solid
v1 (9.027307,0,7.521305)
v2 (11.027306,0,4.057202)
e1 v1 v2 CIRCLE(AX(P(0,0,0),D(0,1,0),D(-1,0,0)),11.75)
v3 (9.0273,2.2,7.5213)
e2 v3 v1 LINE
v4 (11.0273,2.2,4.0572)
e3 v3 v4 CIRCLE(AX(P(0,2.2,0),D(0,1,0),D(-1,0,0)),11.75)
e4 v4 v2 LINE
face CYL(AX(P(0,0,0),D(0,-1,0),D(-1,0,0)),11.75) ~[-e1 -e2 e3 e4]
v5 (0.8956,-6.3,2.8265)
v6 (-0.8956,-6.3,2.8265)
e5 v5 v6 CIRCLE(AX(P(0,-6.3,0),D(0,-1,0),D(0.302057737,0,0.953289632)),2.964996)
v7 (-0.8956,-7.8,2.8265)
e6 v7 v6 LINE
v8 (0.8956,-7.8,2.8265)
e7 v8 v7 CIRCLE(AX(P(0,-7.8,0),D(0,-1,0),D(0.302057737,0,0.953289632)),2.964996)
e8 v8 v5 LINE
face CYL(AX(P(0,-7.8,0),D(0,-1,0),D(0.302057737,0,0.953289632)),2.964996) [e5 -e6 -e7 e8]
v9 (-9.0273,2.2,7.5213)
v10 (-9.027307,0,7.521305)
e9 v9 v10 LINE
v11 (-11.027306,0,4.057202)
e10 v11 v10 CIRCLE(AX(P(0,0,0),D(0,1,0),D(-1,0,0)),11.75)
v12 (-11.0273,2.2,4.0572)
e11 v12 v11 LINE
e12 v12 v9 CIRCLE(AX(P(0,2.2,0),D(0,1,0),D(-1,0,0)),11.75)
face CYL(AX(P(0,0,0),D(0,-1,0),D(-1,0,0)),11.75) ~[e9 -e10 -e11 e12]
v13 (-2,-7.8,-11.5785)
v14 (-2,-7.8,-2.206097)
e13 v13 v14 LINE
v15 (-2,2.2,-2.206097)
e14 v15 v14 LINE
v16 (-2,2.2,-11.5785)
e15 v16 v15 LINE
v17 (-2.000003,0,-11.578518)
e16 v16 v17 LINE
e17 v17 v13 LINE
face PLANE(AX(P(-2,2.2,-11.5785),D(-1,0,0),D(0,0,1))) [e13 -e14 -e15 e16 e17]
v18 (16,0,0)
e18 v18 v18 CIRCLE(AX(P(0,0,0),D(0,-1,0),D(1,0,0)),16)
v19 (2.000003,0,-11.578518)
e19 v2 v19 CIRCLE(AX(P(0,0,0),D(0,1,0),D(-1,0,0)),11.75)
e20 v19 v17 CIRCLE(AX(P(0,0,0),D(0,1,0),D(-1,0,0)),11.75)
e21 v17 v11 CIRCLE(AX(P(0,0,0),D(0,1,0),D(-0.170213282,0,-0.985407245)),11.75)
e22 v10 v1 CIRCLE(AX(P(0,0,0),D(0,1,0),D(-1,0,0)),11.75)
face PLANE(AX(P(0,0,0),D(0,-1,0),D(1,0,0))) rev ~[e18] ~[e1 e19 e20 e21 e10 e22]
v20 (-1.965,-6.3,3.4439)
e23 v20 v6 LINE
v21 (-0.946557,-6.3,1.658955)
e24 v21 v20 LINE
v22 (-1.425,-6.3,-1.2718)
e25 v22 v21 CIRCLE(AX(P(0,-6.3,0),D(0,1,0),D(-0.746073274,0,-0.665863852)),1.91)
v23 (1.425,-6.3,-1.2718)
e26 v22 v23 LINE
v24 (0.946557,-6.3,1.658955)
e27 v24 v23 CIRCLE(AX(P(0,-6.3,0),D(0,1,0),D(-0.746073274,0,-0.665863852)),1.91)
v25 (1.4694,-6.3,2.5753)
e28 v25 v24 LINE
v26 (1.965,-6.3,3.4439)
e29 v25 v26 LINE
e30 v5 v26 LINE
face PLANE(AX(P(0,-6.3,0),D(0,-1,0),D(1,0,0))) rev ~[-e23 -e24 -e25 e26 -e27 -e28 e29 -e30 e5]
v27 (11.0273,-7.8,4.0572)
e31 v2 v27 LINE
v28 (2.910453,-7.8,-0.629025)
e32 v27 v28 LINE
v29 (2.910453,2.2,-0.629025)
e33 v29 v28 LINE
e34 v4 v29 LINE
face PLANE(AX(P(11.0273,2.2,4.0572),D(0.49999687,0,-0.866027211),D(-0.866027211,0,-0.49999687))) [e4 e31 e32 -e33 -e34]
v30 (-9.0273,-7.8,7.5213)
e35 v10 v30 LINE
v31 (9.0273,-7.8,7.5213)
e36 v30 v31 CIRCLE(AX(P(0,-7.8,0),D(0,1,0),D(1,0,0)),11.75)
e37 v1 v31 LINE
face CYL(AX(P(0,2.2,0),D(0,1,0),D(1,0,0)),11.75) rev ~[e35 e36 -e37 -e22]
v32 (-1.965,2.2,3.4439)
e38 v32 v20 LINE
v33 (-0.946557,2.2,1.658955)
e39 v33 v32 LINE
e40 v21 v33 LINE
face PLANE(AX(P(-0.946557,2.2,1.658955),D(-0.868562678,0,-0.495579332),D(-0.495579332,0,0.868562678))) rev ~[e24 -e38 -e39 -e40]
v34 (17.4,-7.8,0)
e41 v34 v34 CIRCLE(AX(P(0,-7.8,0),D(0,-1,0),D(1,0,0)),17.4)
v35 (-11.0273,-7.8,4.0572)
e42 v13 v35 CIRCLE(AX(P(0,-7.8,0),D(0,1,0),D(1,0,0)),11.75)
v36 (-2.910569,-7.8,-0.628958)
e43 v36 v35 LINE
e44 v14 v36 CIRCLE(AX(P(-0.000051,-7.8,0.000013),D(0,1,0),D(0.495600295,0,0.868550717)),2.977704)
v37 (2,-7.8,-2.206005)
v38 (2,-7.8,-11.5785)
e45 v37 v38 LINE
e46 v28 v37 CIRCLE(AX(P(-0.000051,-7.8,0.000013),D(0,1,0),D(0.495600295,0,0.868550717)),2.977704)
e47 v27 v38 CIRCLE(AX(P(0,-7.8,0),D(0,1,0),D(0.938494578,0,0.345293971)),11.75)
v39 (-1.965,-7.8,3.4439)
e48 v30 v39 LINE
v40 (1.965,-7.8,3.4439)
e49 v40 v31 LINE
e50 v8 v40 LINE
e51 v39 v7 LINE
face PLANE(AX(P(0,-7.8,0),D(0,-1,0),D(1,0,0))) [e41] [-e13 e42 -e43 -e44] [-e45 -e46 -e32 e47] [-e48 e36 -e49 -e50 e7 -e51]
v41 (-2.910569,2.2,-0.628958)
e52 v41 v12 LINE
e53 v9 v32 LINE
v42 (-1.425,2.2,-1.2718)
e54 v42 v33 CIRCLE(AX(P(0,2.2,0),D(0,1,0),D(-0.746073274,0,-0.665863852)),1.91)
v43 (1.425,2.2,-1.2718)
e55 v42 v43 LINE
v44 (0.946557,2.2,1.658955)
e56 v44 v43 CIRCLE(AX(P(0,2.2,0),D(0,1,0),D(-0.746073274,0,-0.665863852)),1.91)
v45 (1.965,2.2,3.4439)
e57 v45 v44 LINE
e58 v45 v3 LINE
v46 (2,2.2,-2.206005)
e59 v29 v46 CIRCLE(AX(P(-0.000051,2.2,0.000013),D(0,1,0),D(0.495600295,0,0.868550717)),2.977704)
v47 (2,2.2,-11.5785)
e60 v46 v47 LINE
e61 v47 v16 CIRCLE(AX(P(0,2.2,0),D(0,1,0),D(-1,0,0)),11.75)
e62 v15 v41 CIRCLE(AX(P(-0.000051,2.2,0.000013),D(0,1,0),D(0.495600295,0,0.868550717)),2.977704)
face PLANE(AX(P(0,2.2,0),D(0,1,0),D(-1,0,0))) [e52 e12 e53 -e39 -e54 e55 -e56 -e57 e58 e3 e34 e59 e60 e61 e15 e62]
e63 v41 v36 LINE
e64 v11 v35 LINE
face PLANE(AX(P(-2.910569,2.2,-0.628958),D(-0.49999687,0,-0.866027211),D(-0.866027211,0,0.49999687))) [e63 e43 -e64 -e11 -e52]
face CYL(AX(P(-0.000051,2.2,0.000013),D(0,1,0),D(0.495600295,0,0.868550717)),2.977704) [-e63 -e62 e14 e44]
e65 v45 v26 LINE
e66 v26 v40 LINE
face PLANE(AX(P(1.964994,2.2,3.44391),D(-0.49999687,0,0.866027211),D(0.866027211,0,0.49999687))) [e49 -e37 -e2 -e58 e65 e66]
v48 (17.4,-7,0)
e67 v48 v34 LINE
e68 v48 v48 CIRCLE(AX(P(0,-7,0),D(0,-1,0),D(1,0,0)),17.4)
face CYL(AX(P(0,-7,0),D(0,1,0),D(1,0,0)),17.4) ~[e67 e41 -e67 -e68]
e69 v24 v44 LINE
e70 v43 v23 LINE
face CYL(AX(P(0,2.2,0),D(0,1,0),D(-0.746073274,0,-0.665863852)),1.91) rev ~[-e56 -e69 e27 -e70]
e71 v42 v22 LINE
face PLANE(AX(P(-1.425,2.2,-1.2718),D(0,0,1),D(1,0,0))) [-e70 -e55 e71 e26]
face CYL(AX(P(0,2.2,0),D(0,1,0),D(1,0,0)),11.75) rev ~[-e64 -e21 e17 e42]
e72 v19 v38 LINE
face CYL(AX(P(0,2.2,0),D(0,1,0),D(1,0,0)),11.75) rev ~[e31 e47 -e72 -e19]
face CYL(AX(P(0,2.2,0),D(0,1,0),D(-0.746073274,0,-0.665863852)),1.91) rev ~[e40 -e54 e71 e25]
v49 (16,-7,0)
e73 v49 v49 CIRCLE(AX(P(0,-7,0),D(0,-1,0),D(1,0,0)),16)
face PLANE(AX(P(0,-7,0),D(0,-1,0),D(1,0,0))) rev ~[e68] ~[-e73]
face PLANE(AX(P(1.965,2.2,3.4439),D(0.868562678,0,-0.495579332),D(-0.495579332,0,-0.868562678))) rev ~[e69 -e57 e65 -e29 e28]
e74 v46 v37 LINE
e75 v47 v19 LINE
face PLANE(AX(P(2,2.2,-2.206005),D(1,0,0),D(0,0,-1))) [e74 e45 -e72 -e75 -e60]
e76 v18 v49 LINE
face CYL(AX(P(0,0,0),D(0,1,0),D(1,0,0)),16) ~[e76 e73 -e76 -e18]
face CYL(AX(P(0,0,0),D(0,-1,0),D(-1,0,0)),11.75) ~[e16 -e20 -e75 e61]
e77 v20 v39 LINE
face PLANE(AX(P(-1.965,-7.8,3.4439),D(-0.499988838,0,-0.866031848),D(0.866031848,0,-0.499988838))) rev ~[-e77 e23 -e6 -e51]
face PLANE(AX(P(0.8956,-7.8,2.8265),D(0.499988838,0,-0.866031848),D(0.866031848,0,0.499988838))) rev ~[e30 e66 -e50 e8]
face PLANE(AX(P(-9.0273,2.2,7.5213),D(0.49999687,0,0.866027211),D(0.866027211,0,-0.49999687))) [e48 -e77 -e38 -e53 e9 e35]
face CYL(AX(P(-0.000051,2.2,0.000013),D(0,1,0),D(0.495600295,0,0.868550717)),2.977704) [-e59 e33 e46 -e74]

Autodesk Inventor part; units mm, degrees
ref_plane "YZ Plane" through (0, 0, 0) normal (1, 0, 0) x (0, 1, 0)
ref_plane "XZ Plane" through (0, 0, 0) normal (0, 1, 0) x (-1, 0, 0)
ref_plane "XY Plane" through (0, 0, 0) normal (0, 0, 1) x (1, 0, 0)
sketch "Sketch1" plane through (0, 0, 0) normal (0, 1, 0) x (-1, 0, 0)
  circle A0 centre (0, 0) radius 11.75
  dimension "d0" = 23.5
extrude "Extrusion1" add sketch "Sketch1" along normal blind 2.2
sketch "Sketch2" plane through (0, 0, 0) normal (0, -1, 0) x (1, 0, 0)
  circle A0 centre (0, 0) radius 16
  dimension "d3" = 32
extrude "Extrusion2" add sketch "Sketch2" along normal blind 7
sketch "Sketch3" plane through (0, 2.2, 0) normal (0, 1, 0) x (1, 0, 0)
  arc A0 (-1.425, 1.2718) -> (1.425, 1.2718) centre (0, 0) ccw
  line L0 (-1.425, 1.2718) -> (1.425, 1.2718)
  dimension "d6" = 3.82
  dimension "d7" = 2.85
extrude "Extrusion3" cut sketch "Sketch3" against normal blind 8.5
sketch "Sketch6" plane through (0, -7, 0) normal (0, -1, 0) x (1, 0, 0)
  circle A0 centre (0, 0) radius 17.4
  circle A1 centre (0, 0) radius 16 projected
  dimension "d16" = 1.4
extrude "Extrusion6" add sketch "Sketch6" along normal blind 0.8 contours A0 | A1
sketch "Sketch7" plane through (0, 2.2, 0) normal (0, 1, 0) x (1, 0, 0)
  circle A0 centre (0, 0) radius 11.75 projected
  line L0 (-1.425, 1.2718) -> (1.425, 1.2718) projected
  arc A1 (-1.425, 1.2718) -> (1.425, 1.2718) centre (0, 0) ccw projected
  circle A2 centre (0, 0) radius 11.75 projected
  line L1 (-2, 11.5785) -> (-2, 2.1889)
  line L2 (2, 2.1889) -> (2, 11.5785)
  line L3 (1.8733, 0.3725) -> (1.9126, 0.3725)
  line L4 (0, 0) -> (0, 15.765) construction
  line L5 (-2.8956, 0.6376) -> (-11.0273, -4.0572)
  line L6 (-9.0273, -7.5213) -> (-0.8956, -2.8265)
  line L7 (0.8956, -2.8265) -> (9.0273, -7.5213)
  line L8 (11.0273, -4.0572) -> (2.8956, 0.6376)
  line L9 (-1.525, 1.2942) -> (-1.525, 15.9272) projected
  arc A3 (11.0273, -4.0572) -> (2, 11.5785) centre (0, 0) ccw
  arc A4 (-2, 11.5785) -> (-11.0273, -4.0572) centre (0, 0) ccw
  arc A5 (-9.0273, -7.5213) -> (9.0273, -7.5213) centre (0, 0) ccw
  arc A6 (2.8956, 0.6376) -> (2, 2.1889) centre (0, 0) ccw
  arc A7 (-1.425, 1.2718) -> (1.425, 1.2718) centre (0, 0) ccw projected
  line L10 (1.965, -3.4439) -> (0, 0)
  line L11 (0, 0) -> (-1.965, -3.4439)
  arc A8 (1.4757, -2.5863) -> (-1.525, -2.5576) centre (0, 0) ccw
  arc A9 (-2, 2.1889) -> (-2.8956, 0.6376) centre (0, 0) ccw
  arc A10 (2.8956, 0.6376) -> (2, 2.1889) centre (0, 0) ccw
  arc A11 (1.4757, -2.5863) -> (-1.525, -2.5576) centre (0, 0) ccw
  dimension "d20" = 4
  dimension "d23" = 360
extrude "Extrusion7" cut sketch "Sketch7" against normal blind 10 contours A0 L8 A8 L2 | A0 L6 L11 A1 L10 L7 | L1 A8 L5 A0 | A1 L11 L10
sketch "Sketch8" plane through (0, -7.8, 0) normal (0, -1, 0) x (1, 0, 0)
  arc A0 (2, -2.1889) -> (2.8956, -0.6376) centre (0, 0) ccw projected
  line L0 (0, 0) -> (-1.965, 3.4439) projected
  line L1 (-1.965, 3.4439) -> (-9.0273, 7.5213) projected
  line L2 (-1.965, 3.4439) -> (-0.8956, 2.8265)
  line L3 (0.8956, 2.8265) -> (1.965, 3.4439)
  line L4 (0.9466, 1.659) -> (1.965, 3.4439) projected
  line L5 (1.965, 3.4439) -> (1.4558, 2.5514)
  line L6 (-1.965, 3.4439) -> (-1.4694, 2.5753)
  arc A1 (-1.4694, 2.5753) -> (1.4694, 2.5753) centre (0, 0) ccw
  arc A2 (0.8956, 2.8265) -> (-0.8956, 2.8265) centre (0, 0) ccw
extrude "Extrusion8" add sketch "Sketch8" against normal blind 1.5
properties part number "wheelPixi1"
